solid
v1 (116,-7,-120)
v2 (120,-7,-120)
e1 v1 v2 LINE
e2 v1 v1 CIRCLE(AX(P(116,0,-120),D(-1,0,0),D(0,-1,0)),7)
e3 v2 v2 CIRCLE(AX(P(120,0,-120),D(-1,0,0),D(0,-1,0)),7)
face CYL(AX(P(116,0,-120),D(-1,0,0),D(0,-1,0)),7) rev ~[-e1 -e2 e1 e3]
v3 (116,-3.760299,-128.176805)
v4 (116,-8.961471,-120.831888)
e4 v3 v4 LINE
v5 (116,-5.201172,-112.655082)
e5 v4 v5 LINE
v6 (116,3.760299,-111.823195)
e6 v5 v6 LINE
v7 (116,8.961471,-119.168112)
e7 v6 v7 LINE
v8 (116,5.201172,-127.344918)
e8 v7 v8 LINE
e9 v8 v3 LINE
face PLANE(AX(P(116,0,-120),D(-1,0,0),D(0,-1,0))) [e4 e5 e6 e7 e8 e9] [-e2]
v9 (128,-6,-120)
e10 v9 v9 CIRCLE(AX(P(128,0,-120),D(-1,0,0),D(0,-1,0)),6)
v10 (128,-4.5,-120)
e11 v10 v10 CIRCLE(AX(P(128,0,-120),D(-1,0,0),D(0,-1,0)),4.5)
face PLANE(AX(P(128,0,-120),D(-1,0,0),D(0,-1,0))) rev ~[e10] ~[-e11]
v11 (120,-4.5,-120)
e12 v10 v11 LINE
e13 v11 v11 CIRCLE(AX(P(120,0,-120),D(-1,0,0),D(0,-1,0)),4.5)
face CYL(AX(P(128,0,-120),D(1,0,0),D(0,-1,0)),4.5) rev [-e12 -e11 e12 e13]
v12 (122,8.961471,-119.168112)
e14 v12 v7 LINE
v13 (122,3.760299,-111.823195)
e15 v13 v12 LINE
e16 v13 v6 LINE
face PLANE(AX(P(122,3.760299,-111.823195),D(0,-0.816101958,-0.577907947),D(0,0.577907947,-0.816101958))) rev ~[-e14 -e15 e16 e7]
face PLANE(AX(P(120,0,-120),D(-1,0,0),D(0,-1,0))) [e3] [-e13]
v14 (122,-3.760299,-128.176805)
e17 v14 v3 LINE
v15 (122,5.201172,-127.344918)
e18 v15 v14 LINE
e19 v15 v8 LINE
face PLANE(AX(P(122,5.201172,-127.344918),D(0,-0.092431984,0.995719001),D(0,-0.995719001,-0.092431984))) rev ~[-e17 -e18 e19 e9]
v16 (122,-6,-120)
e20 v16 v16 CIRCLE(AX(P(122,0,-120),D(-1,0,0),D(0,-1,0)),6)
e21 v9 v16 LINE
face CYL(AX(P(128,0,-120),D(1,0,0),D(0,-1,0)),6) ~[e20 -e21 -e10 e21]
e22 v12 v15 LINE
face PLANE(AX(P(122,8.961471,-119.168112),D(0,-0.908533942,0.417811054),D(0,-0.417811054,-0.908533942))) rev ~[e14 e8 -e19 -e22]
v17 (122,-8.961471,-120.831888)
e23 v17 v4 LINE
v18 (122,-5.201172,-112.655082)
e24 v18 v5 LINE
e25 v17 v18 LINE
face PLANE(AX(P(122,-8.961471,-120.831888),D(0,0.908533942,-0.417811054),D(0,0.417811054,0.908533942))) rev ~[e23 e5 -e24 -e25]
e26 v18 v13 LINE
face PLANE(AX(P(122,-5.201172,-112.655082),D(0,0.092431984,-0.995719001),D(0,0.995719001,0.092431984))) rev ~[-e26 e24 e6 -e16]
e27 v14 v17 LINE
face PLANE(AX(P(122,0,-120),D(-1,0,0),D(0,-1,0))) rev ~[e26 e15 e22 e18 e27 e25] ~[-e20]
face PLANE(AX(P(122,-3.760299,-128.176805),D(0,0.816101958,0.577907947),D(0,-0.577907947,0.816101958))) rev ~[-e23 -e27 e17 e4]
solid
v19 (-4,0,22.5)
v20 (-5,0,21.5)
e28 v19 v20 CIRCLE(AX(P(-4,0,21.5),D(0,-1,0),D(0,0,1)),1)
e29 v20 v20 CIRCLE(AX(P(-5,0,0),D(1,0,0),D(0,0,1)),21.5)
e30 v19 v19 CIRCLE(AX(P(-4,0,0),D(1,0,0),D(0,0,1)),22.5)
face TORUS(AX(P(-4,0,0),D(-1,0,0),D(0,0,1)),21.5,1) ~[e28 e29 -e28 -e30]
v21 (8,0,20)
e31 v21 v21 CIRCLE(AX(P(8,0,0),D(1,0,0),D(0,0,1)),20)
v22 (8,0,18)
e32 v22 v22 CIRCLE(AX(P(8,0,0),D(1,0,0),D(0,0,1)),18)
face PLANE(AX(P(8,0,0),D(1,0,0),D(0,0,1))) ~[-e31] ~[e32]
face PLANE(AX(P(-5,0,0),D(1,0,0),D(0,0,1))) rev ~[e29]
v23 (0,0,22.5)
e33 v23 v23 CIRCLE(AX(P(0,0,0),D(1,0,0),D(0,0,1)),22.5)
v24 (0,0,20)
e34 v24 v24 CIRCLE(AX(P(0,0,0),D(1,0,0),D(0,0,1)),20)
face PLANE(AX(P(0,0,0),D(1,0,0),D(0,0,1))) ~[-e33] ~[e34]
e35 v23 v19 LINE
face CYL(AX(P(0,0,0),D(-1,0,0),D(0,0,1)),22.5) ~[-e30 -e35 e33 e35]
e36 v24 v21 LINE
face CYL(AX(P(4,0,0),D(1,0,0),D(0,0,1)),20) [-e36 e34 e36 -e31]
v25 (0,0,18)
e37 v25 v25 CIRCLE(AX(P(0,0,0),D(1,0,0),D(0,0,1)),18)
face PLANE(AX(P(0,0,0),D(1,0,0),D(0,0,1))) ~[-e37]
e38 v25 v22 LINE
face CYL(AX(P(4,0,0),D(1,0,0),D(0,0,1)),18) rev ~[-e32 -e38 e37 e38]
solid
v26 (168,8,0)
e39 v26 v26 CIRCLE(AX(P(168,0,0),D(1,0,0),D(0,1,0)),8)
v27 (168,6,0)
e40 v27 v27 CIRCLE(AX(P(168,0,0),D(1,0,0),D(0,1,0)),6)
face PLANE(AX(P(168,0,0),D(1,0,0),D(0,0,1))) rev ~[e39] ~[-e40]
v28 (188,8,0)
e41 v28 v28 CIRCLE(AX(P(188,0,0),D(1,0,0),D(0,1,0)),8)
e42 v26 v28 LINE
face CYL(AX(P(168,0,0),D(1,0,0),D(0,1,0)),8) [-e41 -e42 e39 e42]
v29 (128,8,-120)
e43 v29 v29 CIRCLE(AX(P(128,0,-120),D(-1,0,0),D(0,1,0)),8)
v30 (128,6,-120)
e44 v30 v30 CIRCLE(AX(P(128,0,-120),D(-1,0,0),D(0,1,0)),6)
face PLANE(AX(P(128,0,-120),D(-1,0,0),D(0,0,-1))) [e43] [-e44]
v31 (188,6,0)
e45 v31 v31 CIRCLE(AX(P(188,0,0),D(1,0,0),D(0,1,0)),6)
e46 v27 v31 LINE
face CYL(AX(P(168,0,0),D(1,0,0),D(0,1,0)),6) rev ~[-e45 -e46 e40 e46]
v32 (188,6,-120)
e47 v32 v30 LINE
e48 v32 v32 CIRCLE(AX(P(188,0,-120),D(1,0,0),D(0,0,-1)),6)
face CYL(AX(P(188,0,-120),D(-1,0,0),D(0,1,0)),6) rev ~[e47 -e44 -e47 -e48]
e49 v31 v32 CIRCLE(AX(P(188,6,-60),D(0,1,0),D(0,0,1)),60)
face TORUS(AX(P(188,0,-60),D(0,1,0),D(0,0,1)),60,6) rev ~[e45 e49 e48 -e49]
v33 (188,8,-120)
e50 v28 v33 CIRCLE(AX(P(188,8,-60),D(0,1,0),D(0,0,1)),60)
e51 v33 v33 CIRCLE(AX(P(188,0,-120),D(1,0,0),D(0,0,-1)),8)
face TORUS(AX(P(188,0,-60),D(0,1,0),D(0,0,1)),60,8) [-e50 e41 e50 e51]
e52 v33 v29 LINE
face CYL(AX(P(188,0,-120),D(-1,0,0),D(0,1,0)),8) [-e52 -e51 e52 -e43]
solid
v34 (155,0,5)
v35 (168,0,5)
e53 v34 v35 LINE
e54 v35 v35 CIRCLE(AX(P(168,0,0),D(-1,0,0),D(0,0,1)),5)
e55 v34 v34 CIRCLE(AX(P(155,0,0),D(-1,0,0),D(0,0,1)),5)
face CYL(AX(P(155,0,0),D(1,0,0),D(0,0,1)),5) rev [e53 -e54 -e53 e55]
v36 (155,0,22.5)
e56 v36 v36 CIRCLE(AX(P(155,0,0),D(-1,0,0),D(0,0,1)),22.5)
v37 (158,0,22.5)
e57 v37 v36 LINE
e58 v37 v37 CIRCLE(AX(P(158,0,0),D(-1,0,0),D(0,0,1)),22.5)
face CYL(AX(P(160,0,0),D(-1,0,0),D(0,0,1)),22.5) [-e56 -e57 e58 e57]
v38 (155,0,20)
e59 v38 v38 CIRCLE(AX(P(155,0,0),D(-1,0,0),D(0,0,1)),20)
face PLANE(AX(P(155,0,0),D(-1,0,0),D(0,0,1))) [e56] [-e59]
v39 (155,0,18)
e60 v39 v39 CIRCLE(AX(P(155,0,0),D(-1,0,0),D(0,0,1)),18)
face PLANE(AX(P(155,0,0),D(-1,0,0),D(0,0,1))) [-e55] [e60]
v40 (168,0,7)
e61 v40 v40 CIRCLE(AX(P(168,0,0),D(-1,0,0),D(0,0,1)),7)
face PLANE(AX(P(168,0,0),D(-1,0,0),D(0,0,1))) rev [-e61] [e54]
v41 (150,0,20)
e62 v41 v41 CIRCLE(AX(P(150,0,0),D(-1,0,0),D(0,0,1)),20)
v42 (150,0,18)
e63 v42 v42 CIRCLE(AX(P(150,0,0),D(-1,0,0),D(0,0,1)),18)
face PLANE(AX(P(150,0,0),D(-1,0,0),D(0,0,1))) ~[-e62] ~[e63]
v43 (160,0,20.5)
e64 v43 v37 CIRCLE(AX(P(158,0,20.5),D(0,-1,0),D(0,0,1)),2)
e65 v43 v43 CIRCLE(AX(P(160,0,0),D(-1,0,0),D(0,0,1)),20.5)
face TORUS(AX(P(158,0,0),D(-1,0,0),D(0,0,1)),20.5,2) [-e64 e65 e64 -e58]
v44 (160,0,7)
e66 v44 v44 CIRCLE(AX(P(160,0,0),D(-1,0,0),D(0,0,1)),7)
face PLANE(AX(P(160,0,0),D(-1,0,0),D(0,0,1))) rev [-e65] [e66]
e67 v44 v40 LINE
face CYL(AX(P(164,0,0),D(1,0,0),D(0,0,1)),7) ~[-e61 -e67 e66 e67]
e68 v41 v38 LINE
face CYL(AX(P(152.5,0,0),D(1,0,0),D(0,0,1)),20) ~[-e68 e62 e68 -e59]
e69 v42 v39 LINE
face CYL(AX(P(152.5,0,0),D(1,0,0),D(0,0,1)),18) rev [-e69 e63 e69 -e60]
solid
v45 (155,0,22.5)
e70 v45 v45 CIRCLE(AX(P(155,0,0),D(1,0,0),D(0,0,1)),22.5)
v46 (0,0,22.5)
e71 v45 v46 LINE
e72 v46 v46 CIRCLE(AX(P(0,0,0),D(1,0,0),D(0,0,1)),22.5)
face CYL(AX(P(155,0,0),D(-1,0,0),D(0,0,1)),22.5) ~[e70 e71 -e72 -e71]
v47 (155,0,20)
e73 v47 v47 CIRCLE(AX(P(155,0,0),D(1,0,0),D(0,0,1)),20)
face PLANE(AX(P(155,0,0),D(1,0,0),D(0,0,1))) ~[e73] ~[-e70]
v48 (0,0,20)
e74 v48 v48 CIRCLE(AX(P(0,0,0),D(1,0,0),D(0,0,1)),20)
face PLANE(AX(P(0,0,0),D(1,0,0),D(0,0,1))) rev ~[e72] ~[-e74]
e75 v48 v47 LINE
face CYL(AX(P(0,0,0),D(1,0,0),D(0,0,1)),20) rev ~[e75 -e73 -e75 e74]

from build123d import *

# Parameters (mm, degrees)
F0_W      = 8
F0_H      = 2
F0_W_2    = 5
F3_R      = 2
F6_W      = 5
F6_H      = 18
F6_W_2    = 8
F6_H_2    = 2
F8_R      = 1
F5_R      = 8
F5_R_2    = 6
F10_R     = 6
F10_R_2   = 4.5
F11_DEPTH = 8
F13_R     = 9
F13_R_2   = 6
F14_DEPTH = 6
F15_R     = 7
F15_R_2   = 6
F16_DEPTH = 4
F18_DEPTH = 6


with BuildPart() as f1:
    # F0 (on Front) → F1 (revolve)
    with BuildSketch(Plane.XZ):
        Polygon((0, 22.5), (0, 20), (150, 20), (155, 20), (155, 22.5), align=None)
    revolve(axis=Axis((77.5, 0, 0), (1, 0, 0)))


with BuildPart() as f2:
    # F0 (on Front) → F2 (revolve)
    with BuildSketch(Plane.XZ):
        Polygon((155, 18), (155, 5), (160, 5), (160, 7), (160, 22.5), (155, 22.5), (155, 20), align=None)
        with Locations((164, 6)):
            Rectangle(F0_W, F0_H)
        with Locations((152.5, 19)):
            Rectangle(F0_W_2, F0_H)
    revolve(axis=Axis((164, 0, 0), (-1, 0, 0)))

    # F3
    f3_edges = [f2.edges().sort_by_distance(p)[0] for p in [
        (160, 0, -22.5),
    ]]
    fillet(f3_edges, radius=F3_R)


with BuildPart() as f7:
    # F6 (on Front) → F7 (revolve)
    with BuildSketch(Plane.XZ):
        with Locations((-2.5, 9)):
            Rectangle(F6_W, F6_H)
        Polygon((-5, 18), (0, 18), (0, 20), (0, 22.5), (-5, 22.5), align=None)
        with Locations((4, 19)):
            Rectangle(F6_W_2, F6_H_2)
    revolve(axis=Axis((-2.5, 0, 0), (1, 0, 0)))

    # F8
    f8_edges = [f7.edges().sort_by_distance(p)[0] for p in [
        (-5, 0, -22.5),
    ]]
    fillet(f8_edges, radius=F8_R)


with BuildPart() as f9:
    # F9: sweep along a path in F4
    with BuildLine(Plane.XZ) as f9_path:
        Line((168, 0), (188, 0))
        ThreePointArc((188, 0), (248, -60), (188, -120))
        Line((188, -120), (128, -120))
    # F5 (on face) → F9 (sweep)
    with BuildSketch(Plane.YZ.offset(168)):
        Circle(F5_R)
        Circle(F5_R_2, mode=Mode.SUBTRACT)
    sweep(path=f9_path.line)


with BuildPart() as f11:
    # F10 (on face) → F11 (new body)
    with BuildSketch(Plane(origin=(128, 0, 0), x_dir=(0, -1, 0), z_dir=(-1, 0, 0))):
        with Locations((0, -120)):
            Circle(F10_R)
        with Locations((0, -120)):
            Circle(F10_R_2, mode=Mode.SUBTRACT)
    extrude(amount=F11_DEPTH)

    # F13 (on offset) → F14 (join)
    with BuildSketch(Plane(origin=(122, 0, 0), x_dir=(0, -1, 0), z_dir=(-1, 0, 0))):
        with Locations((0, -120)):
            Circle(F13_R)
        with Locations((0, -120)):
            Circle(F13_R_2, mode=Mode.SUBTRACT)
    extrude(amount=F14_DEPTH)

    # F15 (on face) → F16 (cut)
    with BuildSketch(Plane(origin=(116, 0, 0), x_dir=(0, -1, 0), z_dir=(-1, 0, 0))):
        with Locations((0, -120)):
            Circle(F15_R)
        with Locations((0, -120)):
            Circle(F15_R_2, mode=Mode.SUBTRACT)
    extrude(amount=-F16_DEPTH, mode=Mode.SUBTRACT)

    # F17 (on face) → F18 (cut)
    with BuildSketch(Plane.YZ.offset(122)):
        with BuildLine():
            Line((5.2011715189, -127.3449176191), (-3.7602994874, -128.1768054743))
            ThreePointArc((-3.7602994874, -128.1768054743), (0.8318878553, -128.9614710063), (5.2011715189, -127.3449176191))
        make_face()
        with BuildLine():
            Line((8.9614710063, -119.1681121447), (5.2011715189, -127.3449176191))
            ThreePointArc((5.2011715189, -127.3449176191), (7.9940772973, -124.1345771446), (9, -120))
            ThreePointArc((9, -120), (8.9903625916, -119.5836101925), (8.9614710063, -119.1681121447))
        make_face()
        with BuildLine():
            ThreePointArc((8.9614710063, -119.1681121447), (7.3449176191, -114.7988284811), (3.7602994874, -111.8231945257))
            Line((3.7602994874, -111.8231945257), (8.9614710063, -119.1681121447))
        make_face()
        with BuildLine():
            ThreePointArc((3.7602994874, -111.8231945257), (-0.8318878553, -111.0385289937), (-5.2011715189, -112.6550823809))
            Line((-5.2011715189, -112.6550823809), (3.7602994874, -111.8231945257))
        make_face()
        with BuildLine():
            ThreePointArc((-5.2011715189, -112.6550823809), (-8.1768054743, -116.2397005126), (-8.9614710063, -120.8318878553))
            Line((-8.9614710063, -120.8318878553), (-5.2011715189, -112.6550823809))
        make_face()
        with BuildLine():
            Line((-3.7602994874, -128.1768054743), (-8.9614710063, -120.8318878553))
            ThreePointArc((-8.9614710063, -120.8318878553), (-7.3449176191, -125.2011715189), (-3.7602994874, -128.1768054743))
        make_face()
    extrude(amount=-F18_DEPTH, mode=Mode.SUBTRACT)


solid = Compound([f1.part, f2.part, f7.part, f9.part, f11.part])
